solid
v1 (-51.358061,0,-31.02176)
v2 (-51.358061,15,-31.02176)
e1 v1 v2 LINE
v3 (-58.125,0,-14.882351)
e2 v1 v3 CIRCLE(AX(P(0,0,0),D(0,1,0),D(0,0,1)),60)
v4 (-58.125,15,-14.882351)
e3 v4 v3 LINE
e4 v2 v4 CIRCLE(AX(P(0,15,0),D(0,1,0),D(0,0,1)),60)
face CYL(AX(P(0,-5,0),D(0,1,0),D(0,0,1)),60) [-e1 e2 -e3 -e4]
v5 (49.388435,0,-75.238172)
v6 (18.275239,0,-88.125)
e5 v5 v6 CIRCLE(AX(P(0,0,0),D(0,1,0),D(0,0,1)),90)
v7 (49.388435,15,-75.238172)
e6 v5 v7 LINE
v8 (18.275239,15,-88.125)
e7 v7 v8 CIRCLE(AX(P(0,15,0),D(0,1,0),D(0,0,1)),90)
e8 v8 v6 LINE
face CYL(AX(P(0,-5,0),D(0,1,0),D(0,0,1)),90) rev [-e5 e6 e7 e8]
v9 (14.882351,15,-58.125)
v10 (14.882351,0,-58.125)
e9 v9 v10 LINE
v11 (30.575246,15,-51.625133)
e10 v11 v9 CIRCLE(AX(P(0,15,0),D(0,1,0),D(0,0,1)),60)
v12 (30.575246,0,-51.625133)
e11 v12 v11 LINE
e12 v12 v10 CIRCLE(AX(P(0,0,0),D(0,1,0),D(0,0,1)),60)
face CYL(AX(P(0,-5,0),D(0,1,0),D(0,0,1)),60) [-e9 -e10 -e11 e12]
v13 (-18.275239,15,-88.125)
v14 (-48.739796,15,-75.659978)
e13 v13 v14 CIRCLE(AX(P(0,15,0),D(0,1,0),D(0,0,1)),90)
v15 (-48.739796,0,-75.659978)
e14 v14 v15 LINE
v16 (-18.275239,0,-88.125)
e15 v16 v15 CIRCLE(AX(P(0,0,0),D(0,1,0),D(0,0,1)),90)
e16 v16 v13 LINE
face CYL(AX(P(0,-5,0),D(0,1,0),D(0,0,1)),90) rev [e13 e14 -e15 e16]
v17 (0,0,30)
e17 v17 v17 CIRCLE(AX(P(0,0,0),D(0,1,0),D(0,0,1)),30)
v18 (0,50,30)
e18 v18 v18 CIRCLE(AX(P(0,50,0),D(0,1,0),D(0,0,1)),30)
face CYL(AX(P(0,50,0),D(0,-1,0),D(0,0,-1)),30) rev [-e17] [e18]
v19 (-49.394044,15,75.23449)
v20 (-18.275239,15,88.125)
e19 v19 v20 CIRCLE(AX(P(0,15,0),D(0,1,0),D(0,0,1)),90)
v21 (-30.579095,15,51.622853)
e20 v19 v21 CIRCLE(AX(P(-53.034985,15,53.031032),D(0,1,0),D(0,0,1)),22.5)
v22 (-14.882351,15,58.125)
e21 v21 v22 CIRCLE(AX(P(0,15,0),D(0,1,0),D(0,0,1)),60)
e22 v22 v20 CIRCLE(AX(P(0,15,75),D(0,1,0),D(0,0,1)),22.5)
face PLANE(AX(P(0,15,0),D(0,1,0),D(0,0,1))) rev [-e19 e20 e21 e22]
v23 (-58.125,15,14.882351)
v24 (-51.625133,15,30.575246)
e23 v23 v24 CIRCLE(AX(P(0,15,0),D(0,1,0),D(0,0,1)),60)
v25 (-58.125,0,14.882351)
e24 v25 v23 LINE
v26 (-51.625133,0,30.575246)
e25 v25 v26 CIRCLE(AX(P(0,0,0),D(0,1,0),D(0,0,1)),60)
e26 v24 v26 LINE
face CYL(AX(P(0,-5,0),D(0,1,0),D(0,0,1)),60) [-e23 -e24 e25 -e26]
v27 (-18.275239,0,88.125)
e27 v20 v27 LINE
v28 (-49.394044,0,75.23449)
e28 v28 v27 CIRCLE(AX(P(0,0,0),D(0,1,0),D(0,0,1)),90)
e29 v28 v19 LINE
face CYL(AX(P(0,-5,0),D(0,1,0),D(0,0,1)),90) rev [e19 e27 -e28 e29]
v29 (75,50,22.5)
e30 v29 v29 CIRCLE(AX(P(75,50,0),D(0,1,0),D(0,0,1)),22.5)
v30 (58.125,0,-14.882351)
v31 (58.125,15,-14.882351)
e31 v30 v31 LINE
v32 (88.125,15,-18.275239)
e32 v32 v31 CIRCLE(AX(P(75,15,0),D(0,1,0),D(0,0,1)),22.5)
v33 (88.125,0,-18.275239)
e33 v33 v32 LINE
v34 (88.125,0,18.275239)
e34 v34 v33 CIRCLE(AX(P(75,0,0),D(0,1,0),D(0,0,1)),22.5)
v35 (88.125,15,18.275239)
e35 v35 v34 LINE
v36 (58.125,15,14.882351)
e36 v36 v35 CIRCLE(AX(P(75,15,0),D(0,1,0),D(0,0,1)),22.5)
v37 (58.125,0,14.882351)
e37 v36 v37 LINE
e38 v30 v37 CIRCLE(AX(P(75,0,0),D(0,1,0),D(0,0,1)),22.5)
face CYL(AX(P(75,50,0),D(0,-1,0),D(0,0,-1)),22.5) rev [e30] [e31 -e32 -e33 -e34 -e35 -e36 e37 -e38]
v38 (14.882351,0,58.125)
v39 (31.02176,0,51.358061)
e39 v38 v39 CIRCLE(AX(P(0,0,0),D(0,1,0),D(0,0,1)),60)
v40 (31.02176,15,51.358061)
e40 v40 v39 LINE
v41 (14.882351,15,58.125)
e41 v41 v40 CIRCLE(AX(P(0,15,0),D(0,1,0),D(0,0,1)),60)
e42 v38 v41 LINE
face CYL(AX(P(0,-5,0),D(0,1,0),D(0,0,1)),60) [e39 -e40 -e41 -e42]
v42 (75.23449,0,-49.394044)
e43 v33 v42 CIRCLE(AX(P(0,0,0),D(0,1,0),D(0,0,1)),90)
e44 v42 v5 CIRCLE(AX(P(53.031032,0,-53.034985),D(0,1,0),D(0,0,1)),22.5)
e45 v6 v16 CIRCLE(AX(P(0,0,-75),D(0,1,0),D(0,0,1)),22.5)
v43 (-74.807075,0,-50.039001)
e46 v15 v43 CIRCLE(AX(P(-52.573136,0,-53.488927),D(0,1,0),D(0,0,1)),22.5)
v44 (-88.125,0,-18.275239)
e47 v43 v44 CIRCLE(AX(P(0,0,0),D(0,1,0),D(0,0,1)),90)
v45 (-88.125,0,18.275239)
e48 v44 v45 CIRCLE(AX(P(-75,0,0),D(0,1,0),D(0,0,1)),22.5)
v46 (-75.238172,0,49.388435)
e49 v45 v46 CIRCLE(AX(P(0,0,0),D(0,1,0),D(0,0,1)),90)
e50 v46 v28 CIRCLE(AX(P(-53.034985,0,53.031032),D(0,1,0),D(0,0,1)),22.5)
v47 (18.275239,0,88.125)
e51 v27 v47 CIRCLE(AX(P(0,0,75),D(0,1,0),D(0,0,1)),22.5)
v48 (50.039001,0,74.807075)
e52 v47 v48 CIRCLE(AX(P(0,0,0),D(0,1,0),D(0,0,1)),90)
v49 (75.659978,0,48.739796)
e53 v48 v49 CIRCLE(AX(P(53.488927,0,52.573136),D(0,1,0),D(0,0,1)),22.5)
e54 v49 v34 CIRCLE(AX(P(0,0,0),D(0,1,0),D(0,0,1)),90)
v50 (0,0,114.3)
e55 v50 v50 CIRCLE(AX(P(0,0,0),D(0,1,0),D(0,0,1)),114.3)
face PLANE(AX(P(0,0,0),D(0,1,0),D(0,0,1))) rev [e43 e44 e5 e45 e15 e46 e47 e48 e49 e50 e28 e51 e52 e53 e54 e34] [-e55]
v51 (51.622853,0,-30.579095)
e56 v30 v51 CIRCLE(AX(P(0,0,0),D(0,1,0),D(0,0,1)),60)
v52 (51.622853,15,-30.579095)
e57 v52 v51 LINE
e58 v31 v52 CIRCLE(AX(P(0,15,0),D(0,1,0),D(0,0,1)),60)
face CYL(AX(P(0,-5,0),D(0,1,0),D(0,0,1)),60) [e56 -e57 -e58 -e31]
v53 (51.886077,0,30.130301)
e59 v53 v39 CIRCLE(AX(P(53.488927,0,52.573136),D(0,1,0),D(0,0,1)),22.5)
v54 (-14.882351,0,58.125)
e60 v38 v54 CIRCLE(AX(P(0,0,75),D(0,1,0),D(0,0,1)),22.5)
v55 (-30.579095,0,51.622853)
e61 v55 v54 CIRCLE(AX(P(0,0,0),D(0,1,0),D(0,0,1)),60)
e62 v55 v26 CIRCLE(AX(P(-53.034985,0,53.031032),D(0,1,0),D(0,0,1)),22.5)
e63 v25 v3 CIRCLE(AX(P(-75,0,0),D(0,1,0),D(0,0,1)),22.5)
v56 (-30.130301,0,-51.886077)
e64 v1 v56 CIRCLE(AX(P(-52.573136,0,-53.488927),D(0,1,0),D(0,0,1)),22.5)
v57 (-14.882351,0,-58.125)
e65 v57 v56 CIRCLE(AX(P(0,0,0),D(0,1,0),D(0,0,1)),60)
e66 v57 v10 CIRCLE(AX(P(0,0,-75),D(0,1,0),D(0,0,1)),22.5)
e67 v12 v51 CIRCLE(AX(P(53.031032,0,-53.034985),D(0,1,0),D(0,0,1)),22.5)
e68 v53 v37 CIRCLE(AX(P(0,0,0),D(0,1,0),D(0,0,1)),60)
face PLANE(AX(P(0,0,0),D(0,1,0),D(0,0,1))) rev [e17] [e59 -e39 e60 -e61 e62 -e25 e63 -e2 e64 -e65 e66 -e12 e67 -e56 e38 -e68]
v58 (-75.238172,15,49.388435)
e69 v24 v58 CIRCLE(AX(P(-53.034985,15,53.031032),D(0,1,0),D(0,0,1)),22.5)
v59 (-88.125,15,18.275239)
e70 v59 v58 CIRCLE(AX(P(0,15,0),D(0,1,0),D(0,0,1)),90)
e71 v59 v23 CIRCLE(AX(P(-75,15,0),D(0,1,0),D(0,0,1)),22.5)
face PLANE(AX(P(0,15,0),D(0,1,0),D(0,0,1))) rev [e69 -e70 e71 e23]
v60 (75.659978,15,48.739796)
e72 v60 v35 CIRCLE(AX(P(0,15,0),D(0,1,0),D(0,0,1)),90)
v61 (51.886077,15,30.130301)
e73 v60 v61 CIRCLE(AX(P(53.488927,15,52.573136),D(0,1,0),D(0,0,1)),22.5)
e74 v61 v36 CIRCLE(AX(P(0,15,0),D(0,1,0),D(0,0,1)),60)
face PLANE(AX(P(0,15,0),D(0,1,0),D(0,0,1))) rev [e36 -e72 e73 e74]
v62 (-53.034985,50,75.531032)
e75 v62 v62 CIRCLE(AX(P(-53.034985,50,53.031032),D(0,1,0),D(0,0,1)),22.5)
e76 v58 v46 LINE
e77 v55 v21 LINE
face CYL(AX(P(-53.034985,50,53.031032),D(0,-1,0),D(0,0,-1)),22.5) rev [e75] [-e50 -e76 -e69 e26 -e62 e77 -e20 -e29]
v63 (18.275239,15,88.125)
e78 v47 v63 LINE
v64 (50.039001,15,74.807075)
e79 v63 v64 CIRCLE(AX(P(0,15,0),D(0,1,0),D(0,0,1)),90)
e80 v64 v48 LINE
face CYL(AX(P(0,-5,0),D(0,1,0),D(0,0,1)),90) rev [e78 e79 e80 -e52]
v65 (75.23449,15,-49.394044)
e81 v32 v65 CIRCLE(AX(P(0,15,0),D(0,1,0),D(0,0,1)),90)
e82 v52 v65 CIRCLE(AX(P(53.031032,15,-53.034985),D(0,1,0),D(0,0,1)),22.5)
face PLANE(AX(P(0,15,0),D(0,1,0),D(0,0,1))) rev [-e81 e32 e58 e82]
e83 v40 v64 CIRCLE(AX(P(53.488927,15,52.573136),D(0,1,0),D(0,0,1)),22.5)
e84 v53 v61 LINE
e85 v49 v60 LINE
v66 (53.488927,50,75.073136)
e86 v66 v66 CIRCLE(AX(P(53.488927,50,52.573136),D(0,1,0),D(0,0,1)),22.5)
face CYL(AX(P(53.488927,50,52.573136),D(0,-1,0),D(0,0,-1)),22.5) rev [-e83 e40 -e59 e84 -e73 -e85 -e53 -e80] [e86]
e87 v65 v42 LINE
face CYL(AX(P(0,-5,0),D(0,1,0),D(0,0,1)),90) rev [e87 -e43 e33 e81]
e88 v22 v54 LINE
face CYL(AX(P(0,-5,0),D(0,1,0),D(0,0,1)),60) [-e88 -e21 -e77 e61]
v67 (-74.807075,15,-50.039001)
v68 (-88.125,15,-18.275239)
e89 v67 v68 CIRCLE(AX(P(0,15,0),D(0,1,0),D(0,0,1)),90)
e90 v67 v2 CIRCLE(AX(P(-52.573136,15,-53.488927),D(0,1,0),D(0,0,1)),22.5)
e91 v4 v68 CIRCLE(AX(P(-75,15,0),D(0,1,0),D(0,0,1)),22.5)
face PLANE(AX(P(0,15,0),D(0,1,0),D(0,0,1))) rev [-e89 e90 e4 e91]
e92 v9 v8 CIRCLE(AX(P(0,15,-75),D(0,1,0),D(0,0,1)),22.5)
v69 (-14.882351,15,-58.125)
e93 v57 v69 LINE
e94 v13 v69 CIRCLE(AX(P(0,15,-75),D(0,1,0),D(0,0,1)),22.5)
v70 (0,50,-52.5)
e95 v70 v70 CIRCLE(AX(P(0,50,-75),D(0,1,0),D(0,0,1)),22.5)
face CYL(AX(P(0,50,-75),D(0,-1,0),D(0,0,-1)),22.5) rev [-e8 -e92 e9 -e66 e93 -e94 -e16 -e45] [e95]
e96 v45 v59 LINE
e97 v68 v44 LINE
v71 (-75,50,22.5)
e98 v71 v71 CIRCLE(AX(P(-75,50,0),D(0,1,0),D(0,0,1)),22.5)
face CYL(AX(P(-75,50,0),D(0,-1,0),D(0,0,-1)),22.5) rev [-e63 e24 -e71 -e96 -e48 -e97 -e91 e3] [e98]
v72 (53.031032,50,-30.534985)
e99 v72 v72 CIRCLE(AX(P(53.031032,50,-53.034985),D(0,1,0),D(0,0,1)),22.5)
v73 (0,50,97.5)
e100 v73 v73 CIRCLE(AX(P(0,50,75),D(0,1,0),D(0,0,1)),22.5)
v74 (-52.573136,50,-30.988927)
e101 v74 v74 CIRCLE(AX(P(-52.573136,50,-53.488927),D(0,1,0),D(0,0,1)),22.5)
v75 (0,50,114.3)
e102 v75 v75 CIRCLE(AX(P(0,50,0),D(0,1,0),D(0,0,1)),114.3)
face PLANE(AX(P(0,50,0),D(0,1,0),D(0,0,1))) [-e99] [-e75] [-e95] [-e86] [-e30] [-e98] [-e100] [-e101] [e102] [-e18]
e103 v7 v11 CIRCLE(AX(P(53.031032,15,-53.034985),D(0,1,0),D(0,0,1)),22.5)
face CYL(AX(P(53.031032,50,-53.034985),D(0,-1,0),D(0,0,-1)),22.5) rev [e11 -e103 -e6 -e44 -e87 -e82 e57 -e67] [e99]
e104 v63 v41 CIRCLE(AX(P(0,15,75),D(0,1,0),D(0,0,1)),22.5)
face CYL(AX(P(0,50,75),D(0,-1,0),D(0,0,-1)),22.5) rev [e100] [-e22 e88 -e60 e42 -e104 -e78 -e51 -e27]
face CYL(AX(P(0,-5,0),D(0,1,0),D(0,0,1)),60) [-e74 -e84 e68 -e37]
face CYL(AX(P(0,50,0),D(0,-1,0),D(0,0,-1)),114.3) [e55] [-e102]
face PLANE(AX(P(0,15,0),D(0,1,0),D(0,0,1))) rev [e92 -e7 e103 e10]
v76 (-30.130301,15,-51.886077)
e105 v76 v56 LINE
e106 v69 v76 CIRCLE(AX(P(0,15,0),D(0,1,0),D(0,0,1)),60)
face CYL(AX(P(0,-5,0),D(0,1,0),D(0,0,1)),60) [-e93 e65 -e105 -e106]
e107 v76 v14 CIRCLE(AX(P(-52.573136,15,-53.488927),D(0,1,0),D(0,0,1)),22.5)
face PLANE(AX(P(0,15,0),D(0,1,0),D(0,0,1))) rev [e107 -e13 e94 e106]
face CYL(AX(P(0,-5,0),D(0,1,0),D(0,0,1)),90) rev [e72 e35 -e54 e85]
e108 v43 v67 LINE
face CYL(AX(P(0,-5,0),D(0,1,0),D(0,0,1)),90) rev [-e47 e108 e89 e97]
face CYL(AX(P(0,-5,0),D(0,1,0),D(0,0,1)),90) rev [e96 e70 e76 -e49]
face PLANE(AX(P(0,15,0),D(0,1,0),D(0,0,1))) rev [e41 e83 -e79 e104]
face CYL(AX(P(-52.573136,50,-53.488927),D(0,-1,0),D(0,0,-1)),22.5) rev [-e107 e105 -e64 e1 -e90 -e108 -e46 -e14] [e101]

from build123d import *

# Parameters (mm, degrees)
SKETCH1_R           = 114.3
SKETCH1_R_2         = 22.5
SKETCH1_R_3         = 30
BOSS_EXTRUDE1_DEPTH = 50
CUT_EXTRUDE1_START  = -35
SKETCH2_R           = 90
SKETCH2_R_2         = 60
CUT_EXTRUDE1_DEPTH  = 20


with BuildPart() as part:
    # Sketch1 → Boss-Extrude1 (new body)
    with BuildSketch(Plane(origin=(0, 0, 0), x_dir=(1, 0, 0), z_dir=(0, 1, 0))):
        with Locations(Location((0, 0, 0), (0, 0, 270))):
            Circle(SKETCH1_R)
        with Locations(Location((75, 0, 0), (0, 0, 270))):
            Circle(SKETCH1_R_2, mode=Mode.SUBTRACT)
        with Locations(Location((53.031031744, 53.03498536, 0), (0, 0, 270))):
            Circle(SKETCH1_R_2, mode=Mode.SUBTRACT)
        with Locations(Location((0, 75, 0), (0, 0, 270))):
            Circle(SKETCH1_R_2, mode=Mode.SUBTRACT)
        with Locations(Location((-52.573136336, 53.488927226, 0), (0, 0, 270))):
            Circle(SKETCH1_R_2, mode=Mode.SUBTRACT)
        with Locations(Location((-75, 0, 0), (0, 0, 270))):
            Circle(SKETCH1_R_2, mode=Mode.SUBTRACT)
        with Locations(Location((-53.03498536, -53.031031744, 0), (0, 0, 270))):
            Circle(SKETCH1_R_2, mode=Mode.SUBTRACT)
        with Locations(Location((0, -75, 0), (0, 0, 270))):
            Circle(SKETCH1_R_2, mode=Mode.SUBTRACT)
        with Locations(Location((53.488927226, -52.573136336, 0), (0, 0, 270))):
            Circle(SKETCH1_R_2, mode=Mode.SUBTRACT)
        with Locations(Location((0, 0, 0), (0, 0, 270))):
            Circle(SKETCH1_R_3, mode=Mode.SUBTRACT)
    extrude(amount=BOSS_EXTRUDE1_DEPTH)

    # Sketch2 → Cut-Extrude1 (cut)
    with BuildSketch(Plane(origin=(0, 50, 0), x_dir=(1, 0, 0), z_dir=(0, 1, 0)).offset(CUT_EXTRUDE1_START)):
        Circle(SKETCH2_R)
        Circle(SKETCH2_R_2, mode=Mode.SUBTRACT)
    extrude(amount=-CUT_EXTRUDE1_DEPTH, mode=Mode.SUBTRACT)


solid = part.part
